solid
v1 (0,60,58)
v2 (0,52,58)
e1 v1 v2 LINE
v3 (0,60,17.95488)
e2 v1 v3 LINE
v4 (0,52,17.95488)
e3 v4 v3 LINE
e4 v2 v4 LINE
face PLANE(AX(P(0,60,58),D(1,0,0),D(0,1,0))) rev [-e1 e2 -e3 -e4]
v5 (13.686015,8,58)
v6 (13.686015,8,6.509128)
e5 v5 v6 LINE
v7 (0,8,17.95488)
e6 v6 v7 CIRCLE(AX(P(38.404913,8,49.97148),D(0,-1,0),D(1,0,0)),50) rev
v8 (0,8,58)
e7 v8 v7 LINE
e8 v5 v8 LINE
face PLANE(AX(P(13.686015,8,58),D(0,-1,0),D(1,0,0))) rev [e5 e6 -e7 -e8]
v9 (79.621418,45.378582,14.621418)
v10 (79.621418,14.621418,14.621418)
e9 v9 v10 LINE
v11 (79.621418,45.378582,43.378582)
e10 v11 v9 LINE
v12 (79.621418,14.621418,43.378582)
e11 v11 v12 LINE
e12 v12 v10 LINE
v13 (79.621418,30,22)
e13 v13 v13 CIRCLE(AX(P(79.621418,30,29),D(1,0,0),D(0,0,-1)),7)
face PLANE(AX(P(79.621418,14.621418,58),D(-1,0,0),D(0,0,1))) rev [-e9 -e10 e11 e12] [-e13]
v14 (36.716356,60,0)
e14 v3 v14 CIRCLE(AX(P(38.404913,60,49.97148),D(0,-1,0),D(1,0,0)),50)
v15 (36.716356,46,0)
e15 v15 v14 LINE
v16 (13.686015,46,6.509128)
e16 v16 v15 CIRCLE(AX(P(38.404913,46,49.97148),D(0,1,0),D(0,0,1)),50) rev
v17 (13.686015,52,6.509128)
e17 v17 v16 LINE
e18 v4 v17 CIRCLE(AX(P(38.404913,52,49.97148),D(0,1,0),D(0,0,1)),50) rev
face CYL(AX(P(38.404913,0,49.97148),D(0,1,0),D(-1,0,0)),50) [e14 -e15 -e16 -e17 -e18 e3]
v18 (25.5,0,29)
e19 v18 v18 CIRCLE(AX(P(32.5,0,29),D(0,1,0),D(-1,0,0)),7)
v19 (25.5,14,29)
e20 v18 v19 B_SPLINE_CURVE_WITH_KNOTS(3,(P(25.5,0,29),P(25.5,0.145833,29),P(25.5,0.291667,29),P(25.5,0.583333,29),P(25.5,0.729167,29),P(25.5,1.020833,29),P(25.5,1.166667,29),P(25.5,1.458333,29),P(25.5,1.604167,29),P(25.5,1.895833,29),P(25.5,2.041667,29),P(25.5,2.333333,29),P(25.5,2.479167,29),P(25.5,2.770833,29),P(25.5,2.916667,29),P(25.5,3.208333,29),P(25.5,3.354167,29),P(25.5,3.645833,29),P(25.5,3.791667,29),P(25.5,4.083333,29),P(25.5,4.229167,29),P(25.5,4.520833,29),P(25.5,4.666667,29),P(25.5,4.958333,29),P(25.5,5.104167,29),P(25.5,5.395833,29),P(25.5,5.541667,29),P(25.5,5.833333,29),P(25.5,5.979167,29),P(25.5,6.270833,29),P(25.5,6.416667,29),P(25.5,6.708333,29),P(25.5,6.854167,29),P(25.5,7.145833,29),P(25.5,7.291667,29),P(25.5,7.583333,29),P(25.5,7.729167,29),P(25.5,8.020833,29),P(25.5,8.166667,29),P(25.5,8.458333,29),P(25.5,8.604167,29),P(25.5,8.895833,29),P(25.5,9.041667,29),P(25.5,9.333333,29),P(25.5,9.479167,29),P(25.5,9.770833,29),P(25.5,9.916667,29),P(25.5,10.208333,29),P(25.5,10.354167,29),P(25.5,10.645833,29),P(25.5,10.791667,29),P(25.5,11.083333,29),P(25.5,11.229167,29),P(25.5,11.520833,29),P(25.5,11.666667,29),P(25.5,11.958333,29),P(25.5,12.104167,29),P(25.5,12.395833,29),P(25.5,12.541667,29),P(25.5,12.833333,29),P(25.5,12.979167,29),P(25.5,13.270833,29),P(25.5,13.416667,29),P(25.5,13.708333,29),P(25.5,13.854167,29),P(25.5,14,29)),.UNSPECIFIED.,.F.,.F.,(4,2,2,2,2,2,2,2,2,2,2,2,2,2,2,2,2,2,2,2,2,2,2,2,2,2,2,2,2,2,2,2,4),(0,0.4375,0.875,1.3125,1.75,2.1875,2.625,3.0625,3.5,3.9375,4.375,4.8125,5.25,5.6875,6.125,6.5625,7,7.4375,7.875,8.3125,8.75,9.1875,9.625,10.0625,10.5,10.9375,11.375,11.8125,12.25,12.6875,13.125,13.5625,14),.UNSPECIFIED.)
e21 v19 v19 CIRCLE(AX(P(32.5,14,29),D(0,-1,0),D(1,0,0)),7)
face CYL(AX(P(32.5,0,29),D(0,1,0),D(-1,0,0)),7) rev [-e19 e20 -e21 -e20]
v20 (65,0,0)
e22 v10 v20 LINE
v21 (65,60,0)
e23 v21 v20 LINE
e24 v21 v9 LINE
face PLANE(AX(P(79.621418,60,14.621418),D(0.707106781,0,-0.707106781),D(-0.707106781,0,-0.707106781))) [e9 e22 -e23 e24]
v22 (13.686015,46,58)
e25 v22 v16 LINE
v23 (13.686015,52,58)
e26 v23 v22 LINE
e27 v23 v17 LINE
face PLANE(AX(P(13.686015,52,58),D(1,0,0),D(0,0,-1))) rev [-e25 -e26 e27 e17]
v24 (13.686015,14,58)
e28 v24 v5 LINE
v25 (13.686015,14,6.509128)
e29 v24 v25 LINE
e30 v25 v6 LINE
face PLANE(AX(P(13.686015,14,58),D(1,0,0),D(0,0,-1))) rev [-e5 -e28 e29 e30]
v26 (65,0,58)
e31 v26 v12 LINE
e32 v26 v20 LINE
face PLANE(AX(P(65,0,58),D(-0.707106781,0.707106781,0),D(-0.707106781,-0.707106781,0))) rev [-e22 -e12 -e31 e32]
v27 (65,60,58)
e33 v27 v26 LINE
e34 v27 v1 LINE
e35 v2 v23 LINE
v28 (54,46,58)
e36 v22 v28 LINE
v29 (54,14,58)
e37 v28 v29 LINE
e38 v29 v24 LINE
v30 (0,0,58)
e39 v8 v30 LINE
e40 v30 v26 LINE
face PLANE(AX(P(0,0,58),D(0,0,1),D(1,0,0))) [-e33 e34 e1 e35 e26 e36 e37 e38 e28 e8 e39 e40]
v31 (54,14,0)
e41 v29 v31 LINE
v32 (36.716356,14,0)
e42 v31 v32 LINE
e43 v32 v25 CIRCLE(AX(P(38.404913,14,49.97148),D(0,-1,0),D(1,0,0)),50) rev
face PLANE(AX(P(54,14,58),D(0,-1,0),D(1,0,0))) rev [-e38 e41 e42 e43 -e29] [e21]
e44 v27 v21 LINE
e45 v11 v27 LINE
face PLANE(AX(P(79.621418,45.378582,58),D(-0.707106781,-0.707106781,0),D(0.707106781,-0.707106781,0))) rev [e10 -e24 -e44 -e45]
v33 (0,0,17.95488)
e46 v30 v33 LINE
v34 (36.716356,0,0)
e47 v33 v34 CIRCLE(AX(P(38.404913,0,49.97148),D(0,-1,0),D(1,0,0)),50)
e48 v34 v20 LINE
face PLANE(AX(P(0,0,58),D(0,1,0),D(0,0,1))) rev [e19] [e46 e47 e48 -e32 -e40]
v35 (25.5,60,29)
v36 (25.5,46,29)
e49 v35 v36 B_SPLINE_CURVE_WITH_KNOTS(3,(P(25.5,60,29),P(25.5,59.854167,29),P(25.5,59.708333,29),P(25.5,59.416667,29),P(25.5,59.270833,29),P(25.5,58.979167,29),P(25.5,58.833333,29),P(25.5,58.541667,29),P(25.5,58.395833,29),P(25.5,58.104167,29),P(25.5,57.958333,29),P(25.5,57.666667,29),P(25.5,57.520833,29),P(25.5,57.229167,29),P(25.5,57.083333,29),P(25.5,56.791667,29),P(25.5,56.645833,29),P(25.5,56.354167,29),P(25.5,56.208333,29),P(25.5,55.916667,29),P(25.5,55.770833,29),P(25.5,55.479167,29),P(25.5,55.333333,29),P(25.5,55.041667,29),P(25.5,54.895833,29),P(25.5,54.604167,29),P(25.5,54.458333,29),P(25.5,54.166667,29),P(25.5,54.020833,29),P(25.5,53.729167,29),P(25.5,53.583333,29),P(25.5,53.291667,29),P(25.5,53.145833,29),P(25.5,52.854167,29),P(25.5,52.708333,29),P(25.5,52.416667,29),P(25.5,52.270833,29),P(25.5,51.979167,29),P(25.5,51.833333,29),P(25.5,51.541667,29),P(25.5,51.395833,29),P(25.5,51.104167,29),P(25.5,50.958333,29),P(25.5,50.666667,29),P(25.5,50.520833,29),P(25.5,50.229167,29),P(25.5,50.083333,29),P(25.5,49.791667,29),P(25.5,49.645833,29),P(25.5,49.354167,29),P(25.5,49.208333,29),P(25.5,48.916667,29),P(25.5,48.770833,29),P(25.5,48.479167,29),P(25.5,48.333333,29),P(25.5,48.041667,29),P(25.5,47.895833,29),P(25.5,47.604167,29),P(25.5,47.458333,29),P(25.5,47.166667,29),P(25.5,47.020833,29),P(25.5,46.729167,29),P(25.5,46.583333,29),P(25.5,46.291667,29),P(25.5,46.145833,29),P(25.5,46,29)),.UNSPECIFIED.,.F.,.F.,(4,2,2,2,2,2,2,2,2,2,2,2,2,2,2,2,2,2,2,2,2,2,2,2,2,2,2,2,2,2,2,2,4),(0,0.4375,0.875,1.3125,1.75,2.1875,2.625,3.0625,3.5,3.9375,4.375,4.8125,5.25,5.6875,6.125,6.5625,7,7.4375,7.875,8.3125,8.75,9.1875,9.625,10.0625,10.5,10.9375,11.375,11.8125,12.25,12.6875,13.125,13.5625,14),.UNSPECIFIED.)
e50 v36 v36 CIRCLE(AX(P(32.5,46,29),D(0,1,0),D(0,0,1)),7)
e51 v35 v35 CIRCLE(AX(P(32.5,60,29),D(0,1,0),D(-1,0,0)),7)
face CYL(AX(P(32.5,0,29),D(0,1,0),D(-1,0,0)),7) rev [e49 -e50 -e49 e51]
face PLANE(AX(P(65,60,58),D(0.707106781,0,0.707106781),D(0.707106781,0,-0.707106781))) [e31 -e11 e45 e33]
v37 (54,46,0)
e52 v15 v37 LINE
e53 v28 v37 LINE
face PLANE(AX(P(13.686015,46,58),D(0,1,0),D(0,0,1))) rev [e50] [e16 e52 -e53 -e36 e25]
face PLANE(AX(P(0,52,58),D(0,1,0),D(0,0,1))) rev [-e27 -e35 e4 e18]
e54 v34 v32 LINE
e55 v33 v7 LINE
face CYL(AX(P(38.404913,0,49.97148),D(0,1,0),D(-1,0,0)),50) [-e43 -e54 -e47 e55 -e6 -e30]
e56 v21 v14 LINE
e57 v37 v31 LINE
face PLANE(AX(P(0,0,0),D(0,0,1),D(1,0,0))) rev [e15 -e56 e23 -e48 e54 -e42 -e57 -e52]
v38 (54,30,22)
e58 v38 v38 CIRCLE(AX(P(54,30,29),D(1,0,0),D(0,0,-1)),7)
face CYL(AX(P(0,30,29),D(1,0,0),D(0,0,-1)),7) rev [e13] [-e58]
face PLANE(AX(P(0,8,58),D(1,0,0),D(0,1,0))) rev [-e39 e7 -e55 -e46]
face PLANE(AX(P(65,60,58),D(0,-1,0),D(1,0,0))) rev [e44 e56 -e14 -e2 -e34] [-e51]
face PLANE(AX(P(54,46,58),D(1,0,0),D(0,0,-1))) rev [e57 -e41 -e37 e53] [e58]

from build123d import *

# Parameters (mm, degrees)
BOSS_EXTRUDE1_DEPTH = 58
SKETCH5_R           = 7
CUT_EXTRUDE1_DEPTH  = 116.341103519
SKETCH7_R           = 7
CUT_EXTRUDE2_DEPTH  = 116.341103519
CUT_EXTRUDE3_DEPTH  = 116.341103519
CUT_EXTRUDE4_DEPTH  = 116.341103519


with BuildPart() as part:
    # Sketch1 → Boss-Extrude1 (new body)
    with BuildSketch(Plane.XY):
        Polygon((0, 0), (65, 0), (79.621417728, 14.621417728), (79.621417728, 45.378582272), (65, 60), (0, 60), (0, 52), (13.686014712, 52), (13.686014712, 46), (54, 46), (54, 14), (13.686014712, 14), (13.686014712, 8), (0, 8), align=None)
    extrude(amount=BOSS_EXTRUDE1_DEPTH)

    # Sketch5 → Cut-Extrude1 (cut, through all)
    with BuildSketch(Plane(origin=(79.621417728, 0, 0), x_dir=(0, 0, -1), z_dir=(1, 0, 0))):
        with Locations((-29, 30)):
            Circle(SKETCH5_R)
    extrude(amount=-CUT_EXTRUDE1_DEPTH, mode=Mode.SUBTRACT)

    # Sketch7 → Cut-Extrude2 (cut, through all)
    with BuildSketch(Plane(origin=(0, 60, 0), x_dir=(1, 0, 0), z_dir=(0, 1, 0))):
        with Locations(Location((32.5, -29, 0), (0, 0, 180))):
            Circle(SKETCH7_R)
    extrude(amount=-CUT_EXTRUDE2_DEPTH, mode=Mode.SUBTRACT)

    # Sketch9 → Cut-Extrude3 (cut, through all)
    with BuildSketch(Plane(origin=(0, 0, 0), x_dir=(1, 0, 0), z_dir=(0, 1, 0))):
        Polygon((65, 0), (79.621417728, 0), (79.621417728, -14.621417728), align=None)
        Polygon((65, -58), (79.621417728, -43.378582272), (79.621417728, -58), align=None)
    extrude(amount=CUT_EXTRUDE3_DEPTH, mode=Mode.SUBTRACT)

    # Sketch11 → Cut-Extrude4 (cut, through all)
    with BuildSketch(Plane(origin=(0, 60, 0), x_dir=(1, 0, 0), z_dir=(0, 1, 0))):
        with BuildLine():
            Line((36.71635628, 0), (0, 0))
            Line((0, 0), (0, -17.954880359))
            ThreePointArc((0, -17.954880359), (16.439804094, -5.054512065), (36.71635628, 0))
        make_face()
    extrude(amount=-CUT_EXTRUDE4_DEPTH, mode=Mode.SUBTRACT)


solid = part.part
